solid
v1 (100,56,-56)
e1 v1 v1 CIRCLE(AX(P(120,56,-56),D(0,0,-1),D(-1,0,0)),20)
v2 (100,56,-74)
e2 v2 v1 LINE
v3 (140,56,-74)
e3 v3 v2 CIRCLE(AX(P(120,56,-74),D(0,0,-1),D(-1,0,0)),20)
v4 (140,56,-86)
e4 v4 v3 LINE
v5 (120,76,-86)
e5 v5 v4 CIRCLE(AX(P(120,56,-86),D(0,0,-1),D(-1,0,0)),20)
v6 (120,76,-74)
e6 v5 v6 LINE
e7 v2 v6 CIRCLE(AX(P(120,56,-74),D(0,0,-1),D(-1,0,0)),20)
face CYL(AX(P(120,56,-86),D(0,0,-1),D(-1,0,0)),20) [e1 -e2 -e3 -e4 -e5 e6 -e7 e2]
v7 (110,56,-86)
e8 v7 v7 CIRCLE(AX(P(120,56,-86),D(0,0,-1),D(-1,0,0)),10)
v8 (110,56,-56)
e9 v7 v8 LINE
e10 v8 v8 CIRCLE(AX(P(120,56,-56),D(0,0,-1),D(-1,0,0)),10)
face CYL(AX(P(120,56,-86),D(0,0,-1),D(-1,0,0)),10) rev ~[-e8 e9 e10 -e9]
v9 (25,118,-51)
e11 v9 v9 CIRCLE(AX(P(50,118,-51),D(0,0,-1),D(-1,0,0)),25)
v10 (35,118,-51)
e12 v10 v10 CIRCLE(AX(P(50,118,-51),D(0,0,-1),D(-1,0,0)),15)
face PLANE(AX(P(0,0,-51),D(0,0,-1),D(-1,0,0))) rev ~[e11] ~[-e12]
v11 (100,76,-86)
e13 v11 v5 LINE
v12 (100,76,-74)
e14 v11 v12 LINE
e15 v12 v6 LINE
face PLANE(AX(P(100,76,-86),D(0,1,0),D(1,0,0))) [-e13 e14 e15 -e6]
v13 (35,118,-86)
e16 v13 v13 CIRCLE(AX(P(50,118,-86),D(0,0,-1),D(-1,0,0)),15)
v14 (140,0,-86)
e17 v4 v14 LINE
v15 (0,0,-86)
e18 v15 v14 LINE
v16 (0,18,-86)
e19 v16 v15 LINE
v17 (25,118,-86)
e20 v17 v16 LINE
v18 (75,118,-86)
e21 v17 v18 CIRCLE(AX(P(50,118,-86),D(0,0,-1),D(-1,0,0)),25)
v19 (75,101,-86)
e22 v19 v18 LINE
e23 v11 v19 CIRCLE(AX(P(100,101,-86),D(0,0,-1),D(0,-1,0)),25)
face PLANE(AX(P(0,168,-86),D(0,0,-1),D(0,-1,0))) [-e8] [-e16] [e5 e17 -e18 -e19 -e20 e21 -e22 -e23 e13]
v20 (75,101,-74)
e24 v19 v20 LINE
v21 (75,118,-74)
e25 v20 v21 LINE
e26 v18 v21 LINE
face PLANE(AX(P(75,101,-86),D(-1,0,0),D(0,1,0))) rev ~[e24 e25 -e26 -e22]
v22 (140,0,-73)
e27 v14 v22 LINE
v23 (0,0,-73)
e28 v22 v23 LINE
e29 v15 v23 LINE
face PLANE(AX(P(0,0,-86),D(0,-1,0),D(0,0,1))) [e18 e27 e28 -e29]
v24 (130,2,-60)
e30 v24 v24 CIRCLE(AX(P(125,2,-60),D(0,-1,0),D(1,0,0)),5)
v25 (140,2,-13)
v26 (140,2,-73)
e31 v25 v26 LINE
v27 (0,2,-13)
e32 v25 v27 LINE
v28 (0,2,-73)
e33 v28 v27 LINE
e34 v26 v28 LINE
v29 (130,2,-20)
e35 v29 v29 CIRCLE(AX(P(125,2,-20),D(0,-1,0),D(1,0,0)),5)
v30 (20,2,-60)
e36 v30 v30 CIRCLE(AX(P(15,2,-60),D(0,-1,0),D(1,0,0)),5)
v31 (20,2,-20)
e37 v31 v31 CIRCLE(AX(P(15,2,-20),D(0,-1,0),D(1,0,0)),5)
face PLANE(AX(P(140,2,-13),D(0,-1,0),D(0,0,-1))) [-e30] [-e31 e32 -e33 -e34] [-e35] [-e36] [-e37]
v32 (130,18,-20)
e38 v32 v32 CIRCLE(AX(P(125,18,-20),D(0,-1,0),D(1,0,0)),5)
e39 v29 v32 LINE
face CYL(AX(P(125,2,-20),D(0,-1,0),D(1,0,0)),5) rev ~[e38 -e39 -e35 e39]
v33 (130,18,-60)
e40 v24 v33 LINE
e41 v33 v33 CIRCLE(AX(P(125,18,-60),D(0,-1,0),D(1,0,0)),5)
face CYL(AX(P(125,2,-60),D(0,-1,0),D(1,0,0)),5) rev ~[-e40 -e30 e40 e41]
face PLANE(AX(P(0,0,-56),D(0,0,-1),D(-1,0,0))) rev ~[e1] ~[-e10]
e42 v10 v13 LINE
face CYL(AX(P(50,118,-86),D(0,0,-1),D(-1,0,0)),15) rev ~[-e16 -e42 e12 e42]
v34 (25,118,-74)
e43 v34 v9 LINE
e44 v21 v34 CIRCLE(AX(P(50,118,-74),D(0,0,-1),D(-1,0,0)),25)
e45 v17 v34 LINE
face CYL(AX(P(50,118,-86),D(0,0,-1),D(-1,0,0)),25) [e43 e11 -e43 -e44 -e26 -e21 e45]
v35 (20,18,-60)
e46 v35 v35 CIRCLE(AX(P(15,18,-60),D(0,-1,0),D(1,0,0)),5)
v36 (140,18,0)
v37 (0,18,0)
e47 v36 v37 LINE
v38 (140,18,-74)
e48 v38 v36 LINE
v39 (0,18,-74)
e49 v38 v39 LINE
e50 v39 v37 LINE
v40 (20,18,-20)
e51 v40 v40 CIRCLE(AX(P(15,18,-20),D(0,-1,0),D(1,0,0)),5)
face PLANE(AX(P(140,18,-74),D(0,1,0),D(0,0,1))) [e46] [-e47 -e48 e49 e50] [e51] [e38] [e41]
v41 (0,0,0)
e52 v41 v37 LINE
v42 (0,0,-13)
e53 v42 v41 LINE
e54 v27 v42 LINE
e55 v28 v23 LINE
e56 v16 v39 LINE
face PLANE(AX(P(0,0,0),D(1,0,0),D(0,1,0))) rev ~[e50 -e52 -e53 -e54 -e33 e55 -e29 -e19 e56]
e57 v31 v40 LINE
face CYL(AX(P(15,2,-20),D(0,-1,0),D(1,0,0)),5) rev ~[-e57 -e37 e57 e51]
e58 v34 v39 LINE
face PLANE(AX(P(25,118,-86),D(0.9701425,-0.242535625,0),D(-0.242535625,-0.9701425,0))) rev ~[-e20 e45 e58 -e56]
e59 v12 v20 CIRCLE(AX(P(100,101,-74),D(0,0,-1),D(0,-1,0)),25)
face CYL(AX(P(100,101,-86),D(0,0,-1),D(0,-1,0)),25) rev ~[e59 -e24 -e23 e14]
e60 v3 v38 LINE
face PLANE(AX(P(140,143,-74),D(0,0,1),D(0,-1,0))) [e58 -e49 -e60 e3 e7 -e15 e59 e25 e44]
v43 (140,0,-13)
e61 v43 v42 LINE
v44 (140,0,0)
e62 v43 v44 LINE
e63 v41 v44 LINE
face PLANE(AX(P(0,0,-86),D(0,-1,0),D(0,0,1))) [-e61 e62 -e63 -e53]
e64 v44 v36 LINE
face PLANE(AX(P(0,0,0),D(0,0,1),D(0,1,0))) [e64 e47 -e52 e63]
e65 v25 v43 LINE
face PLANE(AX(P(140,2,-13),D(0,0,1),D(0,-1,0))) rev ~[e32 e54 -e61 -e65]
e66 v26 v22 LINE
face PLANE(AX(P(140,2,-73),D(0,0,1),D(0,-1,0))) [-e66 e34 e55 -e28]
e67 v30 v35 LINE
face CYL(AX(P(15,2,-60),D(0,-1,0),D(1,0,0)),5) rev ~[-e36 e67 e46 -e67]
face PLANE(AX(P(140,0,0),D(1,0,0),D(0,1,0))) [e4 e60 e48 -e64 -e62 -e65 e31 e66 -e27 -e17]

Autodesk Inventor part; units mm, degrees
ref_plane "YZ Plane" through (0, 0, 0) normal (1, 0, 0) x (0, 1, 0)
ref_plane "XZ Plane" through (0, 0, 0) normal (0, 1, 0) x (-1, 0, 0)
ref_plane "XY Plane" through (0, 0, 0) normal (0, 0, 1) x (1, 0, 0)
sketch "Sketch1" plane through (0, 0, 0) normal (1, 0, 0) x (0, 1, 0)
  line L0 (0, 0) -> (168, 0)
  line L1 (168, 0) -> (168, -86)
  line L2 (168, -86) -> (0, -86)
  line L3 (0, -86) -> (0, 0)
  dimension "d0" = 86
  dimension "d1" = 168
extrude "Extrusion1" add sketch "Sketch1" along normal blind 140
sketch "Sketch2" plane through (140, 0, 0) normal (1, 0, 0) x (0, 0, -1)
  line L0 (0, 0) -> (86, 0) projected
  line L1 (0, 0) -> (0, 2)
  line L2 (13, 2) -> (73, 2)
  line L3 (0, 168) -> (0, 0) projected
  line L4 (86, 168) -> (0, 168) projected
  line L5 (43, 168) -> (43, 0)
  line L6 (13, 2) -> (13, 0)
  line L7 (73, 2) -> (73, 0)
  line L8 (13, 0) -> (73, 0)
  point P0 (43, 2)
  dimension "d5" = 60
  dimension "d6" = 2
extrude "Extrusion2" cut sketch "Sketch2" against normal blind 140 contours L6 L2 L5 L0 | L5 L2 L7 L0
sketch "Sketch3" plane through (0, 0, -86) normal (0, 0, -1) x (-1, 0, 0)
  line L0 (-140, 0) -> (-140, 168) projected
  line L1 (-140, 0) -> (-140, 56)
  circle A0 centre (-120, 56) radius 10
  circle A1 centre (-120, 56) radius 20
  line L2 (0, 0) -> (-140, 0) projected
  circle A2 centre (-50, 118) radius 15
  circle A3 centre (-50, 118) radius 25
  line L3 (0, 0) -> (0, 168) projected
  arc A4 (-100, 76) -> (-75, 101) centre (-100, 101) ccw
  line L4 (0, 18) -> (0, 0)
  line L5 (-25, 118) -> (0, 18)
  line L6 (-75, 101) -> (-75, 118)
  line L7 (-100, 76) -> (-120, 76)
  line L8 (0, 168) -> (0, 18)
  line L9 (0, 168) -> (-140, 168) projected
  line L10 (0, 168) -> (-140, 168)
  line L11 (-140, 168) -> (-140, 56)
  dimension "d11" = 40
  dimension "d10" = 20
  dimension "d12" = 56
  dimension "d13" = 56
  dimension "d14" = 20
  dimension "d15" = 20
  dimension "d16" = 30
  dimension "d17" = 50
  dimension "d18" = 118
  dimension "d19" = 118
  dimension "d20" = 50
  dimension "d21" = 50
  dimension "d22" = 50
  dimension "d24" = 18
extrude "Extrusion3" cut sketch "Sketch3" against normal blind 140 contours L0 L9 L3 L5 A3 L6 A4 L7 A1 | A0 | A2
ref_plane "Work Plane1" through (140, 28, 0) normal (1, 0, 0) x (0, 0, -1)
sketch "Sketch4" plane through (140, 28, 0) normal (1, 0, 0) x (0, 0, -1)
  line L0 (73, -28) -> (86, -28) projected
  line L1 (86, -28) -> (86, -10) projected
  line L2 (86, -28) -> (86, -10)
  line L3 (86, -10) -> (0, -10)
  line L4 (0, -10) -> (0, -28)
  line L5 (86, 90) -> (86, 115) projected
  line L6 (0, 115) -> (0, 90) projected
  line L7 (86, 115) -> (0, 115)
  line L8 (86, 115) -> (74, 115)
  line L9 (74, 115) -> (74, -10)
  line L10 (0, 90) -> (0, -10) projected
  line L11 (0, -10) -> (0, 115)
  dimension "d29" = 12
extrude "Extrusion4" cut sketch "Sketch4" against normal blind 140
extrude "Extrusion5" add sketch "Sketch3" against normal blind 35 contours A3
extrude "Extrusion6" add sketch "Sketch3" against normal blind 30 contours A1 | A0
extrude "Extrusion7" cut sketch "Sketch3" against normal blind 30 contours A0
sketch "Sketch5" plane through (140, 2, -73) normal (0, -1, 0) x (1, 0, 0)
  circle A0 centre (-15, 53) radius 5
  line L0 (-140, 73) -> (0, 73) projected
  line L1 (0, 60) -> (0, 0) projected
  circle A1 centre (-125, 53) radius 5
  circle A2 centre (-125, 13) radius 5
  circle A3 centre (-15, 13) radius 5
  dimension "d38" = 10
  dimension "d39" = 20
  dimension "d40" = 15
  dimension "d41" = 10
  dimension "d42" = 110
  dimension "d43" = 20
  dimension "d44" = 10
  dimension "d45" = 40
  dimension "d46" = 125
  dimension "d47" = 10
  dimension "d48" = 15
  dimension "d49" = 40
extrude "Extrusion8" cut sketch "Sketch5" against normal blind 30
properties part number "Baitap2"
